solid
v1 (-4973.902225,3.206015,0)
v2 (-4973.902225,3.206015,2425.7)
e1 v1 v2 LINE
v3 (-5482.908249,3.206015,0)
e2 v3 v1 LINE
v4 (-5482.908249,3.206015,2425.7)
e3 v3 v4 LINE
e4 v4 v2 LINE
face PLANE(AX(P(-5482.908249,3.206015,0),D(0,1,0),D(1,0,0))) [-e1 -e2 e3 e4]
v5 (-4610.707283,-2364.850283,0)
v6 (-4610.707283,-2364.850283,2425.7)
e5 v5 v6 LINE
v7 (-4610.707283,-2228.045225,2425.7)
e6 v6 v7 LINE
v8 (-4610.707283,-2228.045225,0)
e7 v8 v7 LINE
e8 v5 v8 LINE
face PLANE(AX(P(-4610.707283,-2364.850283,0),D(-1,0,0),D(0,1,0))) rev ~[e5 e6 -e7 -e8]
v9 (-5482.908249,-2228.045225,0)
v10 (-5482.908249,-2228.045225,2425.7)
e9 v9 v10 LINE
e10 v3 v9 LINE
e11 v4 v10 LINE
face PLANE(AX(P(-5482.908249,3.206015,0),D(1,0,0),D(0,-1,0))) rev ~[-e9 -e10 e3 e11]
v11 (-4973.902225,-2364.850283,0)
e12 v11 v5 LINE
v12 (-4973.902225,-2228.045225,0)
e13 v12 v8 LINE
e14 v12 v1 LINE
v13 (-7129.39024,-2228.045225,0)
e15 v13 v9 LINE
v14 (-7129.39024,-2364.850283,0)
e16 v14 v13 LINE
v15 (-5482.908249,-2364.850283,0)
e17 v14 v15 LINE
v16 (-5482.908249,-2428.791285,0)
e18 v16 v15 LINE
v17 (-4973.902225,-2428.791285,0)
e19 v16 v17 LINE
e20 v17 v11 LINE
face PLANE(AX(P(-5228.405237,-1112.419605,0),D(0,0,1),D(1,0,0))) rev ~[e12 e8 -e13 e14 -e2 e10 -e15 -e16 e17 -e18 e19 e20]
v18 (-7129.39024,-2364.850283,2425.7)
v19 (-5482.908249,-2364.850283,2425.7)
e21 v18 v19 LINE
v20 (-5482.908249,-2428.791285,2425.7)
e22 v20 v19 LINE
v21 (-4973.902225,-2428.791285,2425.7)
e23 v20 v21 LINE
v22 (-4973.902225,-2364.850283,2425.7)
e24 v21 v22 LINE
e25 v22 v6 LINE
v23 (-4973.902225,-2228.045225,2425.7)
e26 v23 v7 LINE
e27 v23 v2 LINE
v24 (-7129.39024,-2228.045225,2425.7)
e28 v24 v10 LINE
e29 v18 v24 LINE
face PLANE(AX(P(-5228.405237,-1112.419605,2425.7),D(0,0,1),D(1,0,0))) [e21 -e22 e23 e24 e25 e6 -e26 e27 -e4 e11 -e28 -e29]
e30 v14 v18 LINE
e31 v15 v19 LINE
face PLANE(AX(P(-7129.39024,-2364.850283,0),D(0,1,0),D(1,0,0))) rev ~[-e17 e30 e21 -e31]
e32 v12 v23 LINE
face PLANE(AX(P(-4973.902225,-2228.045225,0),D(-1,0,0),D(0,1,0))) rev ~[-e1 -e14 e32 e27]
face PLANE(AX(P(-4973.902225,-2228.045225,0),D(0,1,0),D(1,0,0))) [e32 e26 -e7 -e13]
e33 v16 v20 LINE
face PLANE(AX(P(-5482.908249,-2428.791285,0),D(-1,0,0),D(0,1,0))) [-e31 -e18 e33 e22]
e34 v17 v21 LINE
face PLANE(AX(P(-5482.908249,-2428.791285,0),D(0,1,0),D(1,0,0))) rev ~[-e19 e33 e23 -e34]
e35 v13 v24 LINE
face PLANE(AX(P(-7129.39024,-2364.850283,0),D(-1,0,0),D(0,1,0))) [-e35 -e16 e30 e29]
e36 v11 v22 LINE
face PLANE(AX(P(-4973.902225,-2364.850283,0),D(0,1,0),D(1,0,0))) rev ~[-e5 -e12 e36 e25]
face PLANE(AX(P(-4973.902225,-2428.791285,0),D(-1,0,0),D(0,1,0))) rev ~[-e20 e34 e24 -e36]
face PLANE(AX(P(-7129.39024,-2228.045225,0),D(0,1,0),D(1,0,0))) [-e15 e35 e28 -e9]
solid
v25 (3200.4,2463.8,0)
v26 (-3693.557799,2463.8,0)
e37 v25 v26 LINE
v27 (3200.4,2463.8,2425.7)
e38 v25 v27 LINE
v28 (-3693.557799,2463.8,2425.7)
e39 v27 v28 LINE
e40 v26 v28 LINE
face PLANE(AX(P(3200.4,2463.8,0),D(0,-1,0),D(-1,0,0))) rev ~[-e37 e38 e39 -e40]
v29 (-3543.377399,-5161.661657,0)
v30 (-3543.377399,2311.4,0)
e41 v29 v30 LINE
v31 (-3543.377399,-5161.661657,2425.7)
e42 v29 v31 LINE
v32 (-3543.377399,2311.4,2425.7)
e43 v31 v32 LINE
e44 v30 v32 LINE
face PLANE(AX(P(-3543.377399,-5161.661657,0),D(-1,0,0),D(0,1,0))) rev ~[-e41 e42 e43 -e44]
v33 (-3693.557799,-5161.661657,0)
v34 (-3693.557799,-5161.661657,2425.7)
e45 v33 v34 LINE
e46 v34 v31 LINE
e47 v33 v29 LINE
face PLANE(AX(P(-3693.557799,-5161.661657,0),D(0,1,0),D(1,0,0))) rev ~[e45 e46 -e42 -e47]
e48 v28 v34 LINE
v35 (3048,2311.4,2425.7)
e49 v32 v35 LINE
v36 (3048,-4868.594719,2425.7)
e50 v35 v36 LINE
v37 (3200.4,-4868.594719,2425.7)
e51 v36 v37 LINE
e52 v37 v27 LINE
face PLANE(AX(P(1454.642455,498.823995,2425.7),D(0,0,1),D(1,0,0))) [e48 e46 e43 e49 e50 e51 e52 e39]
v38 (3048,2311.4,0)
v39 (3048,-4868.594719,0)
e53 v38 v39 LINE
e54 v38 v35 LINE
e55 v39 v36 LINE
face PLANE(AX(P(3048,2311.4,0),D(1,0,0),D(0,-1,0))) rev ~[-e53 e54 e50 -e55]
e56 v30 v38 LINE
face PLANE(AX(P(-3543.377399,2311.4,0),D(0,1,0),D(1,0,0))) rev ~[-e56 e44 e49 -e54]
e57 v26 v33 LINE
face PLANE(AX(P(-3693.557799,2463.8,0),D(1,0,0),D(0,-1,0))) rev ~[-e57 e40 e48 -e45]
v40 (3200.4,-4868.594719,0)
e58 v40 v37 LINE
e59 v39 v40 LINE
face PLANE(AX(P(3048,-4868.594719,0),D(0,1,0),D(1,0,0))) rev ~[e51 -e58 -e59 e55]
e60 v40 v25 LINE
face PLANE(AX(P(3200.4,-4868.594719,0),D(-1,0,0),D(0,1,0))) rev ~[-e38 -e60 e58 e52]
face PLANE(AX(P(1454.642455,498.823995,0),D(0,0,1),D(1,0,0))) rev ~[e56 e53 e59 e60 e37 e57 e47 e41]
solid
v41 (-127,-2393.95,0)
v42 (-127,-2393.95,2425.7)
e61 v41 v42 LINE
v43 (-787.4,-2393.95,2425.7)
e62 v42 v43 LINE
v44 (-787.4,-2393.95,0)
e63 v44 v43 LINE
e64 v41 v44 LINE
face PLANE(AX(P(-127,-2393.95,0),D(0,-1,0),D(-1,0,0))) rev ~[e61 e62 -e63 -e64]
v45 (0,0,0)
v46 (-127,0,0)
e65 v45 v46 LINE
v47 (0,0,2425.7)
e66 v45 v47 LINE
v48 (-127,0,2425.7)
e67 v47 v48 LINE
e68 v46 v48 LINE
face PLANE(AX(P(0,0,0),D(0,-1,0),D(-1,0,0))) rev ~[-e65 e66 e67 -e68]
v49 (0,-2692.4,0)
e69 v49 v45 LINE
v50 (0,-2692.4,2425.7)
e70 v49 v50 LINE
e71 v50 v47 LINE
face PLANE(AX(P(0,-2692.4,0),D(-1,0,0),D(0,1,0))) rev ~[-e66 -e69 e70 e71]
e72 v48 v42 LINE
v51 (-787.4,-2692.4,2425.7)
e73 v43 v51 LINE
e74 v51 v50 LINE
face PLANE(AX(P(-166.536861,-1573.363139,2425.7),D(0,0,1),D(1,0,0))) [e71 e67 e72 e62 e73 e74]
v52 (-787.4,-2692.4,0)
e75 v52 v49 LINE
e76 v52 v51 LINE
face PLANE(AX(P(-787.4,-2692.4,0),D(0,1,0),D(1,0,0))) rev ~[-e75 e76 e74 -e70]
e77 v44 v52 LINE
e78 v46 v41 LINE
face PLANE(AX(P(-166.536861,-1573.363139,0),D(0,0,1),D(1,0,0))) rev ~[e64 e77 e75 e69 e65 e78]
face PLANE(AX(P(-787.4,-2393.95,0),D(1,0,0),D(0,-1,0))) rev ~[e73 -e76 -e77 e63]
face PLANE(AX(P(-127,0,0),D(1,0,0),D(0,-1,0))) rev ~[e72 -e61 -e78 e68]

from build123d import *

# Parameters (mm, degrees)
F1_DEPTH = 2425.7
F2_W     = 509.006023407
F2_H     = 2231.2512397766
F2_W_2   = 363.1949424744
F2_H_2   = 136.8050575256
F2_W_3   = 1646.4819908142
F2_H_3   = 63.9410018921
F3_DEPTH = 2425.7


with BuildPart() as f1:
    # F0 (on Top) → F1 (new body)
    with BuildSketch(Plane.XY):
        Polygon((0, -2692.4), (0, 0), (-127, 0), (-127, -2393.95), (-787.4, -2393.95), (-787.4, -2692.4), align=None)
    extrude(amount=F1_DEPTH)


with BuildPart() as f3:
    # F2 (on Top) → F3 (new body)
    with BuildSketch(Plane.XY):
        with Locations((-5228.4052371979, -1112.4196052551)):
            Rectangle(F2_W, F2_H)
        with Locations((-4792.3047542572, -2296.4477539062)):
            Rectangle(F2_W_2, F2_H_2)
        with Locations((-5228.4052371979, -2296.4477539062)):
            Rectangle(F2_W, F2_H_2)
        with Locations((-6306.1492443085, -2296.4477539062)):
            Rectangle(F2_W_3, F2_H_2)
        with Locations((-5228.4052371979, -2396.8207836151)):
            Rectangle(F2_W, F2_H_3)
    extrude(amount=F3_DEPTH)


with BuildPart() as f3b:
    # F2 (on Top) → F3, piece 2 (new body)
    with BuildSketch(Plane.XY):
        Polygon((3048, 2311.4), (3048, -4868.5947186378), (3200.4, -4868.5947186378), (3200.4, 2463.8), (-3693.5577988625, 2463.8), (-3693.5577988625, 2311.4), (-3543.3773994446, 2311.4), align=None)
        Polygon((-3543.3773994446, -5161.6616565704), (-3543.3773994446, 2311.4), (-3693.5577988625, 2311.4), (-3693.5577988625, 3.2060146332), (-3693.5577988625, -5161.6616565704), align=None)
    extrude(amount=F3_DEPTH)


solid = Compound([f1.part, f3.part, f3b.part])
